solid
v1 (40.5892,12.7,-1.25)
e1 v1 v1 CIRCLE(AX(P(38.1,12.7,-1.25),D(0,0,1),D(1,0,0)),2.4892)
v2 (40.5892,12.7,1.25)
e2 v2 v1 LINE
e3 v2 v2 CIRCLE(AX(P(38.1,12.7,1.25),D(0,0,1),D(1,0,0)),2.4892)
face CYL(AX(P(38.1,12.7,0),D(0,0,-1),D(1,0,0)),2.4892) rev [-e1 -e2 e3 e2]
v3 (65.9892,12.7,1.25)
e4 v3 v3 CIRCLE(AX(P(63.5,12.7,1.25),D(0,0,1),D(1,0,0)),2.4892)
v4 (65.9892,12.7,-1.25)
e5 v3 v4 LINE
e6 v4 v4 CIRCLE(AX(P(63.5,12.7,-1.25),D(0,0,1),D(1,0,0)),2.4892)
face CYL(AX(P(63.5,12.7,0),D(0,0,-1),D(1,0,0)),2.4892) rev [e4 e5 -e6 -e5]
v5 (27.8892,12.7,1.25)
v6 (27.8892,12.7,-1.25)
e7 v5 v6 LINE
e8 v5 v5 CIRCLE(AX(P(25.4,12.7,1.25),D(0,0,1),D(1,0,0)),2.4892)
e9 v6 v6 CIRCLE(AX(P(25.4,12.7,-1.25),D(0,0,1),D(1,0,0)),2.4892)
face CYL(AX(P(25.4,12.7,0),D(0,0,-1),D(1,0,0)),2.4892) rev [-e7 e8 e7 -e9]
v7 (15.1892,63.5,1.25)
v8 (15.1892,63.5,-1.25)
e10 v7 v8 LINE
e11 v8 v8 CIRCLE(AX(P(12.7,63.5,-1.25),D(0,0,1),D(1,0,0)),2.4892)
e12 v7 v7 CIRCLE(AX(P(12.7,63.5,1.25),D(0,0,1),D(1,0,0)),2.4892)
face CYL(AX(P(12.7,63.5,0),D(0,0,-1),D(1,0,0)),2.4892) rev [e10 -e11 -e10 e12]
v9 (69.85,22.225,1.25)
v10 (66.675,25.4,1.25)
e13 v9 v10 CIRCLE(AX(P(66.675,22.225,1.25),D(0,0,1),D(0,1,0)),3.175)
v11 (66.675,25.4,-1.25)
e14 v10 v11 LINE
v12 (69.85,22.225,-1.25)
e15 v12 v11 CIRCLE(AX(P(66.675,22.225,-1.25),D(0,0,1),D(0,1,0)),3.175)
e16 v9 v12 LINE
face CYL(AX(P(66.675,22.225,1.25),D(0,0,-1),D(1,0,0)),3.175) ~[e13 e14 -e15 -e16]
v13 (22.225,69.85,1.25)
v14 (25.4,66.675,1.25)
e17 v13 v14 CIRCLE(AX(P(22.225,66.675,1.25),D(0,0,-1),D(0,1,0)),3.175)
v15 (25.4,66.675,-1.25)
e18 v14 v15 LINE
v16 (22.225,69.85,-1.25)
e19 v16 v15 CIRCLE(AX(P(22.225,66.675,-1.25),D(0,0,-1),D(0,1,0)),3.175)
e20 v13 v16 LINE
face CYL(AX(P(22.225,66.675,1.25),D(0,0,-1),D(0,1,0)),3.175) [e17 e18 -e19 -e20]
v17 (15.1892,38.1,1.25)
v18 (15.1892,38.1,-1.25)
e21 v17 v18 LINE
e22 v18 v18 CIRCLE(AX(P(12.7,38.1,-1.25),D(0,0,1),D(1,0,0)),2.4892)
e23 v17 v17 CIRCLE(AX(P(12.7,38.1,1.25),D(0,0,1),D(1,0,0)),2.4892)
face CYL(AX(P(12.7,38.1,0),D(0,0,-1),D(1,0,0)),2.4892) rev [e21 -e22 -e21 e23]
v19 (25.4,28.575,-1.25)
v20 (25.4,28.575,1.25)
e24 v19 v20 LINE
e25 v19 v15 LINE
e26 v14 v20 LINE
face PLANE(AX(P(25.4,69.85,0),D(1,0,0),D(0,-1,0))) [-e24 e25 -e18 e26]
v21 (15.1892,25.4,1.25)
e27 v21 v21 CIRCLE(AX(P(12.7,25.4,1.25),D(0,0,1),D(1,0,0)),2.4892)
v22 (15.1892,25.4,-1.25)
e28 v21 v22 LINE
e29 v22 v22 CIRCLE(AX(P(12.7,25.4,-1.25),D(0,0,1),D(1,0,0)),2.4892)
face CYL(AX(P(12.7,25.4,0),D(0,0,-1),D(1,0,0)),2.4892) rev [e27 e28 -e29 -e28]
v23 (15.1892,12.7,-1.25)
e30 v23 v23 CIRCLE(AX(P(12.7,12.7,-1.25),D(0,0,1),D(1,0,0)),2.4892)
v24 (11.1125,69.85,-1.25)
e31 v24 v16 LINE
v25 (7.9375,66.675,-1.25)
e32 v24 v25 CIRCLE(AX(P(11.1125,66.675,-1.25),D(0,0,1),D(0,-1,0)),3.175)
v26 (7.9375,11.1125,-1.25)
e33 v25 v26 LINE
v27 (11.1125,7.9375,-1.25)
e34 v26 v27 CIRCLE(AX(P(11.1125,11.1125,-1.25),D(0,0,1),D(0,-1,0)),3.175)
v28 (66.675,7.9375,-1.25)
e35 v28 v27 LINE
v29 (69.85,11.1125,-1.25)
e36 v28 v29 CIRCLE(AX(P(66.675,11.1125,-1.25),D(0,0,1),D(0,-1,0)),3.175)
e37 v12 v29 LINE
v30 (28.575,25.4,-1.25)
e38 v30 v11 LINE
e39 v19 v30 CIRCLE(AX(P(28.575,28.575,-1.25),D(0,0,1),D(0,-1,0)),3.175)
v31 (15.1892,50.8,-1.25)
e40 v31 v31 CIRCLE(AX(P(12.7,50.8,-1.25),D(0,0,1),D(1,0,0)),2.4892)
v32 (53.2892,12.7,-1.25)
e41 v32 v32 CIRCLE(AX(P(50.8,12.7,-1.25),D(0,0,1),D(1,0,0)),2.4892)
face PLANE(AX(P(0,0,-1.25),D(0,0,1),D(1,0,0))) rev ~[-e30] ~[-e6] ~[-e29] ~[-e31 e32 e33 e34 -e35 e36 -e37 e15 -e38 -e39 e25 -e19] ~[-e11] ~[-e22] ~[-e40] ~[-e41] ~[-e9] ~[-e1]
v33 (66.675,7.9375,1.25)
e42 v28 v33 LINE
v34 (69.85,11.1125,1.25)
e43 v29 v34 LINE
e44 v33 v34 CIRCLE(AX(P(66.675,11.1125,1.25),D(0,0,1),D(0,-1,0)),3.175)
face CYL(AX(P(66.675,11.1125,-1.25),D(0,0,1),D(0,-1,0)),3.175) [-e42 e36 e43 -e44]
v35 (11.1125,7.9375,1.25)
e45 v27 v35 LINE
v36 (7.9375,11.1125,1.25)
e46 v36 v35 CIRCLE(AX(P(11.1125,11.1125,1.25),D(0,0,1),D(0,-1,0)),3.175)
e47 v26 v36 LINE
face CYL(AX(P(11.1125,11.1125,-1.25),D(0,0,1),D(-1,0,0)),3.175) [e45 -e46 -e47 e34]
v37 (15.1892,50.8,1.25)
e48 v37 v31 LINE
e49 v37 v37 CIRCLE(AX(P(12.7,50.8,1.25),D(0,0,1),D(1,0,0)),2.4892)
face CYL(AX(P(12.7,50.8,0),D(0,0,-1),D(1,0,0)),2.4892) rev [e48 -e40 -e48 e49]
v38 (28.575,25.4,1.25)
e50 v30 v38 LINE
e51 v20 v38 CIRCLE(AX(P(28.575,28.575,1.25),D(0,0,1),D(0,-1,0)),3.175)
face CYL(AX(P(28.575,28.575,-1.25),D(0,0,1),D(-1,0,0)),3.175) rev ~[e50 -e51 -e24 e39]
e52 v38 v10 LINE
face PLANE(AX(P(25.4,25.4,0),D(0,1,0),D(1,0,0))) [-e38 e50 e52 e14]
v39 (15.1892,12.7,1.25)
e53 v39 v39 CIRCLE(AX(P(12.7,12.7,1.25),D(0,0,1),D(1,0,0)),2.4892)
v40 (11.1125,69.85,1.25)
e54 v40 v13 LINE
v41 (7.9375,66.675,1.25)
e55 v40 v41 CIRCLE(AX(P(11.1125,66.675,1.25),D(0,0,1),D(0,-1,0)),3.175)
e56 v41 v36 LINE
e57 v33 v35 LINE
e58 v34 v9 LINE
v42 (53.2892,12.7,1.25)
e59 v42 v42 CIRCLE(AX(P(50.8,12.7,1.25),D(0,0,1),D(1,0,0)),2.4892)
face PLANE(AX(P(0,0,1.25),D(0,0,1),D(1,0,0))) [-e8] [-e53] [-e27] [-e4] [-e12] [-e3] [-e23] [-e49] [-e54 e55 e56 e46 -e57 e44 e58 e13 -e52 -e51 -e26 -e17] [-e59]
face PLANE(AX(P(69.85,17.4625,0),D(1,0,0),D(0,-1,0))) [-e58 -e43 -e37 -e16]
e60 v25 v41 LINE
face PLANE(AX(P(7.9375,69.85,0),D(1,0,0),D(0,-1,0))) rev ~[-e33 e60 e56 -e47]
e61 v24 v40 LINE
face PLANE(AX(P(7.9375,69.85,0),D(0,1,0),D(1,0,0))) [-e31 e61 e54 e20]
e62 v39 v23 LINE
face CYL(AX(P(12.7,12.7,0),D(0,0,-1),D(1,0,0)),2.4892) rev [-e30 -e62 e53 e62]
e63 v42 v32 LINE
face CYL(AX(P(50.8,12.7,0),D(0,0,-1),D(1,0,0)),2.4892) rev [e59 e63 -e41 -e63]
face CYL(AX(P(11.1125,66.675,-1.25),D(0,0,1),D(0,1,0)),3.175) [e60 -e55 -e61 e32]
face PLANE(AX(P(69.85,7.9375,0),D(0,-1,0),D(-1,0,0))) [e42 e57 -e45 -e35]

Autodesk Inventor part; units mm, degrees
ref_plane "YZ Plane" through (0, 0, 0) normal (1, 0, 0) x (0, 1, 0)
ref_plane "XZ Plane" through (0, 0, 0) normal (0, 1, 0) x (-1, 0, 0)
ref_plane "XY Plane" through (0, 0, 0) normal (0, 0, 1) x (1, 0, 0)
sketch "Sketch1" plane through (0, 0, 0) normal (0, 0, 1) x (1, 0, 0)
  line L0 (0, 0) -> (0, 69.85) construction
  line L1 (0, 69.85) -> (7.9375, 69.85) construction
  line L2 (7.9375, 69.85) -> (7.9375, 0) construction
  line L3 (7.9375, 69.85) -> (25.4, 69.85)
  line L4 (25.4, 69.85) -> (25.4, 17.4625)
  line L5 (25.4, 17.4625) -> (69.85, 17.4625)
  line L6 (69.85, 0) -> (0, 0) construction
  line L7 (25.4, 25.4) -> (69.85, 25.4)
  line L8 (69.85, 25.4) -> (69.85, 17.4625)
  circle A0 centre (12.7, 63.5) radius 2.4892
  circle A1 centre (12.7, 50.8) radius 2.4892
  circle A2 centre (12.7, 38.1) radius 2.4892
  circle A3 centre (12.7, 25.4) radius 2.4892
  circle A4 centre (12.7, 12.7) radius 2.4892
  circle A5 centre (25.4, 12.7) radius 2.4892
  circle A6 centre (38.1, 12.7) radius 2.4892
  circle A7 centre (50.8, 12.7) radius 2.4892
  circle A8 centre (63.5, 12.7) radius 2.4892
  line L9 (69.85, 7.9375) -> (7.9375, 7.9375)
  line L10 (69.85, 17.4625) -> (69.85, 7.9375)
  line L11 (69.85, 7.9375) -> (69.85, 0) construction
  line L12 (7.9375, 69.85) -> (7.9375, 7.9375)
  line L13 (12.7, 63.5) -> (12.7, 50.8) construction
  point P0 (16.6687, 69.85)
  dimension "d0" = 17.4625
  dimension "d3" = 25.4
  dimension "d4" = 4.9784
  dimension "d7" = 12.7
  dimension "d12" = 6.35
  dimension "d15" = 12.7
  dimension "d22" = 12.7
  dimension "d23" = 9.525
  dimension "d24" = 6.35
  dimension "d30" = 25.4
  dimension "d31" = 4.7625
extrude "Extrusion1" add sketch "Sketch1" along normal mid plane 2.5 contours L3 L4 L5 L10 L9 L12
extrude "Extrusion2" add sketch "Sketch1" along normal mid plane 2.5 contours L7 L8 L5 L4
fillet "Fillet1" radius 3.175 6 edges at (25.4, 69.85, 0) (7.9375, 69.85, 0) (7.9375, 7.9375, 0) (69.85, 7.9375, 0) (69.85, 25.4, 0) (25.4, 25.4, 0)
properties part number "TTB Elevator L Gussets"
